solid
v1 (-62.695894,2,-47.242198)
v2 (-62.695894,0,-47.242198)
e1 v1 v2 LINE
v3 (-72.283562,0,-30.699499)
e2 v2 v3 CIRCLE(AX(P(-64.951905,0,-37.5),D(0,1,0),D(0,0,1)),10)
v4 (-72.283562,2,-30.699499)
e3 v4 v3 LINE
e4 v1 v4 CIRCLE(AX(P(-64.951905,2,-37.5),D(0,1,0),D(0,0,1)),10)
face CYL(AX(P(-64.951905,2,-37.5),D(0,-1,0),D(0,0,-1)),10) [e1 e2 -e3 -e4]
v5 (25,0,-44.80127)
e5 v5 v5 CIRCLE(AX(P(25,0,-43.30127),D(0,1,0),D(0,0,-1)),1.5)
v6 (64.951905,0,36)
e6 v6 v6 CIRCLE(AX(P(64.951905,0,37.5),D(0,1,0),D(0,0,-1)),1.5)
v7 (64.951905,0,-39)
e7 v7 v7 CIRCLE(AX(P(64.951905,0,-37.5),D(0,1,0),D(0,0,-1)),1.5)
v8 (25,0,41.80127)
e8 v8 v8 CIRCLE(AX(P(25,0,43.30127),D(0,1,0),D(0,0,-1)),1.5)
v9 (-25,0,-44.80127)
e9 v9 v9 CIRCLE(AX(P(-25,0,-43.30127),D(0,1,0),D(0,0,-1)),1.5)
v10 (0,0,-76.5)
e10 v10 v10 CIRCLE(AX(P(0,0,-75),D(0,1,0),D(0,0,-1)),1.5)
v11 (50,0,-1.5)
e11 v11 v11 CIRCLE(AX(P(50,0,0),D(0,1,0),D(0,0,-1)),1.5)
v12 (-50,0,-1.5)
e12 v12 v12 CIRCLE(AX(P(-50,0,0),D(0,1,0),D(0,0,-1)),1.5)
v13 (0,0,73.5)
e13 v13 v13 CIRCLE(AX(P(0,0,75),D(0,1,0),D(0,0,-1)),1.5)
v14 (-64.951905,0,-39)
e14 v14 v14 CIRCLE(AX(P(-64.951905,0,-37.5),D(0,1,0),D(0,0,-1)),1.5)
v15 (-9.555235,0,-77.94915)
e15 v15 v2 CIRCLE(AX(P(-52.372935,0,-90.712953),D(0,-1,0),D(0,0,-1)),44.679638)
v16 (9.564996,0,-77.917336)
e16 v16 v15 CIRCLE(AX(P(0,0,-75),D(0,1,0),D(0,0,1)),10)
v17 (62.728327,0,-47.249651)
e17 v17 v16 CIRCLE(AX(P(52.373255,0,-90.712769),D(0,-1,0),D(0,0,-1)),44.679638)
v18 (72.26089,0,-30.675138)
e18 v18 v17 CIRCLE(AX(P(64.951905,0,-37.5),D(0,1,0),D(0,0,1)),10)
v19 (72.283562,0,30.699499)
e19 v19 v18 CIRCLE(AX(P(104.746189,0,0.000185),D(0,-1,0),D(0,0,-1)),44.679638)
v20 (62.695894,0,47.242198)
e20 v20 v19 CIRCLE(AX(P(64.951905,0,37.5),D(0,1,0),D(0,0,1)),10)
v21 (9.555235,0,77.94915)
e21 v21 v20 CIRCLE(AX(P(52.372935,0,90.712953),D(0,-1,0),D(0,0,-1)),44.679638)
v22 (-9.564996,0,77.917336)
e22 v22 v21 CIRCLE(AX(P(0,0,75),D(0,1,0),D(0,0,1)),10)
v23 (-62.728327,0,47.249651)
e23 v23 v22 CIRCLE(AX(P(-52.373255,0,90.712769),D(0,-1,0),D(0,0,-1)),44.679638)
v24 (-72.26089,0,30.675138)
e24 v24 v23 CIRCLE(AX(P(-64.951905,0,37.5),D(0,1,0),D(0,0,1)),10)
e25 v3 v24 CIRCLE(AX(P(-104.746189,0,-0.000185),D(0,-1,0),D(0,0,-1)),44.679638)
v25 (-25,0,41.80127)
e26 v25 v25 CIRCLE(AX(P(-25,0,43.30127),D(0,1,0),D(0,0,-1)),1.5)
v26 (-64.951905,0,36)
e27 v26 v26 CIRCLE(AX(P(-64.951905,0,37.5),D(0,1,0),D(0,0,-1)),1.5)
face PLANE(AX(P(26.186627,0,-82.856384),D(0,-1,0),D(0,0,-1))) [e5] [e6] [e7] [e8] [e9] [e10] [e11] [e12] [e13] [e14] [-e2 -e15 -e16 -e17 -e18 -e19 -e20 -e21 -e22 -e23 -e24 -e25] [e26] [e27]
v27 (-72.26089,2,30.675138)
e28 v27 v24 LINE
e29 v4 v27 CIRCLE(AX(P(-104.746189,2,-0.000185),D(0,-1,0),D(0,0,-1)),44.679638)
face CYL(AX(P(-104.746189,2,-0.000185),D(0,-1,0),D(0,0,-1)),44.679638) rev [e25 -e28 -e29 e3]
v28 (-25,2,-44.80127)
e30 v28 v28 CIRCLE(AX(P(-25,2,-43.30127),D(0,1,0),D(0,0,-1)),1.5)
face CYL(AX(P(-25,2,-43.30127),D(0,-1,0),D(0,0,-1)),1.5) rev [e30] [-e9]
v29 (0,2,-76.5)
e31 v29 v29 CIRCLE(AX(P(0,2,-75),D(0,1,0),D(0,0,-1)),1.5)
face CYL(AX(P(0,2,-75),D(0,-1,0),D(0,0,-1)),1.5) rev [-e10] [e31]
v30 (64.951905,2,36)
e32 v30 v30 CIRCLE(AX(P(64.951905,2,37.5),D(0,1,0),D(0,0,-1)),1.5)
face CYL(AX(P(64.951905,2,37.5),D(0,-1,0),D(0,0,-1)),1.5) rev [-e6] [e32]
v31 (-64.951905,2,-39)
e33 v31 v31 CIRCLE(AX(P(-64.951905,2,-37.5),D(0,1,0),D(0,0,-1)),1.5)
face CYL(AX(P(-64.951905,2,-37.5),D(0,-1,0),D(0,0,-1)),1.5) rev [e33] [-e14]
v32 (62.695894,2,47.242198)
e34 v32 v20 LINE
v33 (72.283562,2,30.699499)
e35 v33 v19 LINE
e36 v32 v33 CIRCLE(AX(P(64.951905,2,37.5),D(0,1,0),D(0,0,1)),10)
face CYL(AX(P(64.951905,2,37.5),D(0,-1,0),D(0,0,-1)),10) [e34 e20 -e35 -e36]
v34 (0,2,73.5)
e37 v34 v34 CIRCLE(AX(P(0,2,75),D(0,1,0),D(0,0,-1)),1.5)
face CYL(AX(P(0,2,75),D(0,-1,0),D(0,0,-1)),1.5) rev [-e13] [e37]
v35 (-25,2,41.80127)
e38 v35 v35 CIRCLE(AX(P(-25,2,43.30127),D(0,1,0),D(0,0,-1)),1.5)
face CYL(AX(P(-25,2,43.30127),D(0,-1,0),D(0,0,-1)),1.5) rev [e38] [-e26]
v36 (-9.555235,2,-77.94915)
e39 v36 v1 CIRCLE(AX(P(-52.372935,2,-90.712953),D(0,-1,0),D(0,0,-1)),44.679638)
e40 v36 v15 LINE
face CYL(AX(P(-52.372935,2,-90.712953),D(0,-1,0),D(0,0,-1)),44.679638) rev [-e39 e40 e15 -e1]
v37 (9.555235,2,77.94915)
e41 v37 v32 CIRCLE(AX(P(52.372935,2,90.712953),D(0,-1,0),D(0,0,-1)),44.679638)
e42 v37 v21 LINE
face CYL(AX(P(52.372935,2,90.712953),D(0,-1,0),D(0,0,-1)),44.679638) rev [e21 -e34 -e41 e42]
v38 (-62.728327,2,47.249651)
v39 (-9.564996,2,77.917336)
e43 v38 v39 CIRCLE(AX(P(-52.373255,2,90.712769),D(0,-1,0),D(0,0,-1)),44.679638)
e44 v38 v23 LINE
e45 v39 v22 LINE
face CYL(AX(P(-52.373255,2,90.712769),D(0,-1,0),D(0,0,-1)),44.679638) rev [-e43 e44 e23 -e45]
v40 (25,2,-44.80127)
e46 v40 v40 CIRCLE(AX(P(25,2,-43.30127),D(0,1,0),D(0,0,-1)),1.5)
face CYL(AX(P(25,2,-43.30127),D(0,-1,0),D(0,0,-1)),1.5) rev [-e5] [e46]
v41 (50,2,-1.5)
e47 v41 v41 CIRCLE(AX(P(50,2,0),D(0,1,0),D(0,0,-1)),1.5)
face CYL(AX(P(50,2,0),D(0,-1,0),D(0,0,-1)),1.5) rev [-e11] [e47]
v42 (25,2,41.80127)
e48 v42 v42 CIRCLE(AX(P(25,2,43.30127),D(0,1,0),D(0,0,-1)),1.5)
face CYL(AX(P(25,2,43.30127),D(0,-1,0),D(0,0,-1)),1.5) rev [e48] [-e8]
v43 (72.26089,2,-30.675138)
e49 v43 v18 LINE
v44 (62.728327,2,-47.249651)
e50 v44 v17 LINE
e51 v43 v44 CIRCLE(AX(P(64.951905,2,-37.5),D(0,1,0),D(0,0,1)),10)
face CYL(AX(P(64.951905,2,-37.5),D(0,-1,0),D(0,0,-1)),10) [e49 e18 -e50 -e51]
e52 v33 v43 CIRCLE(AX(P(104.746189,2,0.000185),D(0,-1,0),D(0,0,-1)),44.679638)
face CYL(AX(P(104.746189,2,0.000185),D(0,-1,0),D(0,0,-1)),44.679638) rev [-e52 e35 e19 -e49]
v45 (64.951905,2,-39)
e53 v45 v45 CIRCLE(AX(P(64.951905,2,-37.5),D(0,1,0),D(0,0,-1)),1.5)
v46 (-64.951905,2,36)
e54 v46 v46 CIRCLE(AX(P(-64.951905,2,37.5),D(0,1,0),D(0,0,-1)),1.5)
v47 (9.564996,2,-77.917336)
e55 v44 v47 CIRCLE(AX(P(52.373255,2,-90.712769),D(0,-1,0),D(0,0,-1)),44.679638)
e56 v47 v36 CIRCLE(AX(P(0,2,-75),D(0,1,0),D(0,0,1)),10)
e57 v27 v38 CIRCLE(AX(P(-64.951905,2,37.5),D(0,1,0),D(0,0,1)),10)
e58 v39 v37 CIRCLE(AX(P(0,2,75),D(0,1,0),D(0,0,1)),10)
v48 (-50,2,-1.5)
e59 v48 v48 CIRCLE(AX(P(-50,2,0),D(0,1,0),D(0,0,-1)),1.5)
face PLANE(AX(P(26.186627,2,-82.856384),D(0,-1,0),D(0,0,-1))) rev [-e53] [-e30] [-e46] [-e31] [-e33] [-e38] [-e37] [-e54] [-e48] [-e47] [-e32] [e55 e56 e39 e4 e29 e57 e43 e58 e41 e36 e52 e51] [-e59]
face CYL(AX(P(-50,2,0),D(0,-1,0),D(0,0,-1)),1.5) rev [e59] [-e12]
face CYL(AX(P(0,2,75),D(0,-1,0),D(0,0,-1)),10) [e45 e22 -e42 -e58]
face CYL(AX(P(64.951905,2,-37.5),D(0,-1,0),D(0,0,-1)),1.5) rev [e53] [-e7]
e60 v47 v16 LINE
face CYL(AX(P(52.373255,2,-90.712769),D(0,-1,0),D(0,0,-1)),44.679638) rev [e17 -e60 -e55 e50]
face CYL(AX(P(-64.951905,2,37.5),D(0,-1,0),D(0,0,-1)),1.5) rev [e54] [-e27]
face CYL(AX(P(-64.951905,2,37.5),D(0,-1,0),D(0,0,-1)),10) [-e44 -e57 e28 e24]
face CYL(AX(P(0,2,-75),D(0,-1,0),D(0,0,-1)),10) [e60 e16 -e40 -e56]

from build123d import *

# Parameters (mm, degrees)
SKETCH1_R           = 1.5
BOSS_EXTRUDE1_DEPTH = 2


with BuildPart() as part:
    # Sketch1 → Boss-Extrude1 (new body)
    with BuildSketch(Plane(origin=(0, 0, 0), x_dir=(1, 0, 0), z_dir=(0, 1, 0))):
        with BuildLine():
            ThreePointArc((9.564996236, 77.917335601), (0.016639307, 84.999986157), (-9.555234796, 77.949150385))
            ThreePointArc((-9.555234796, 77.949150385), (-30.018823636, 52.027506279), (-62.695893908, 47.242197528))
            ThreePointArc((-62.695893908, 47.242197528), (-73.603827679, 42.514403141), (-72.283561835, 30.69949912))
            ThreePointArc((-72.283561835, 30.69949912), (-60.066553951, 0.016689279), (-72.260890144, -30.675138073))
            ThreePointArc((-72.260890144, -30.675138073), (-73.620466987, -42.485583015), (-62.728327039, -47.249651265))
            ThreePointArc((-62.728327039, -47.249651265), (-30.047730315, -52.010817), (-9.564996236, -77.917335601))
            ThreePointArc((-9.564996236, -77.917335601), (-0.016639307, -84.999986157), (9.555234796, -77.949150385))
            ThreePointArc((9.555234796, -77.949150385), (30.018823636, -52.027506279), (62.695893908, -47.242197528))
            ThreePointArc((62.695893908, -47.242197528), (73.603827679, -42.514403141), (72.283561835, -30.69949912))
            ThreePointArc((72.283561835, -30.69949912), (60.066553951, -0.016689279), (72.260890144, 30.675138073))
            ThreePointArc((72.260890144, 30.675138073), (73.620466987, 42.485583015), (62.728327039, 47.249651265))
            ThreePointArc((62.728327039, 47.249651265), (30.047730315, 52.010817), (9.564996236, 77.917335601))
        make_face()
        with Locations(Location((-64.951905284, -37.5, 0), (0, 0, 90))):
            Circle(SKETCH1_R, mode=Mode.SUBTRACT)
        with Locations(Location((0, 75, 0), (0, 0, 90))):
            Circle(SKETCH1_R, mode=Mode.SUBTRACT)
        with Locations(Location((-25, 43.301270189, 0), (0, 0, 90))):
            Circle(SKETCH1_R, mode=Mode.SUBTRACT)
        with Locations(Location((-64.951905284, 37.5, 0), (0, 0, 90))):
            Circle(SKETCH1_R, mode=Mode.SUBTRACT)
        with Locations(Location((64.951905284, 37.5, 0), (0, 0, 90))):
            Circle(SKETCH1_R, mode=Mode.SUBTRACT)
        with Locations(Location((64.951905284, -37.5, 0), (0, 0, 90))):
            Circle(SKETCH1_R, mode=Mode.SUBTRACT)
        with Locations(Location((25, 43.301270189, 0), (0, 0, 90))):
            Circle(SKETCH1_R, mode=Mode.SUBTRACT)
        with Locations(Location((0, -75, 0), (0, 0, 90))):
            Circle(SKETCH1_R, mode=Mode.SUBTRACT)
        with Locations(Location((-50, 0, 0), (0, 0, 90))):
            Circle(SKETCH1_R, mode=Mode.SUBTRACT)
        with Locations(Location((25, -43.301270189, 0), (0, 0, 90))):
            Circle(SKETCH1_R, mode=Mode.SUBTRACT)
        with Locations(Location((-25, -43.301270189, 0), (0, 0, 90))):
            Circle(SKETCH1_R, mode=Mode.SUBTRACT)
        with Locations(Location((50, 0, 0), (0, 0, 90))):
            Circle(SKETCH1_R, mode=Mode.SUBTRACT)
    extrude(amount=BOSS_EXTRUDE1_DEPTH)


solid = part.part
